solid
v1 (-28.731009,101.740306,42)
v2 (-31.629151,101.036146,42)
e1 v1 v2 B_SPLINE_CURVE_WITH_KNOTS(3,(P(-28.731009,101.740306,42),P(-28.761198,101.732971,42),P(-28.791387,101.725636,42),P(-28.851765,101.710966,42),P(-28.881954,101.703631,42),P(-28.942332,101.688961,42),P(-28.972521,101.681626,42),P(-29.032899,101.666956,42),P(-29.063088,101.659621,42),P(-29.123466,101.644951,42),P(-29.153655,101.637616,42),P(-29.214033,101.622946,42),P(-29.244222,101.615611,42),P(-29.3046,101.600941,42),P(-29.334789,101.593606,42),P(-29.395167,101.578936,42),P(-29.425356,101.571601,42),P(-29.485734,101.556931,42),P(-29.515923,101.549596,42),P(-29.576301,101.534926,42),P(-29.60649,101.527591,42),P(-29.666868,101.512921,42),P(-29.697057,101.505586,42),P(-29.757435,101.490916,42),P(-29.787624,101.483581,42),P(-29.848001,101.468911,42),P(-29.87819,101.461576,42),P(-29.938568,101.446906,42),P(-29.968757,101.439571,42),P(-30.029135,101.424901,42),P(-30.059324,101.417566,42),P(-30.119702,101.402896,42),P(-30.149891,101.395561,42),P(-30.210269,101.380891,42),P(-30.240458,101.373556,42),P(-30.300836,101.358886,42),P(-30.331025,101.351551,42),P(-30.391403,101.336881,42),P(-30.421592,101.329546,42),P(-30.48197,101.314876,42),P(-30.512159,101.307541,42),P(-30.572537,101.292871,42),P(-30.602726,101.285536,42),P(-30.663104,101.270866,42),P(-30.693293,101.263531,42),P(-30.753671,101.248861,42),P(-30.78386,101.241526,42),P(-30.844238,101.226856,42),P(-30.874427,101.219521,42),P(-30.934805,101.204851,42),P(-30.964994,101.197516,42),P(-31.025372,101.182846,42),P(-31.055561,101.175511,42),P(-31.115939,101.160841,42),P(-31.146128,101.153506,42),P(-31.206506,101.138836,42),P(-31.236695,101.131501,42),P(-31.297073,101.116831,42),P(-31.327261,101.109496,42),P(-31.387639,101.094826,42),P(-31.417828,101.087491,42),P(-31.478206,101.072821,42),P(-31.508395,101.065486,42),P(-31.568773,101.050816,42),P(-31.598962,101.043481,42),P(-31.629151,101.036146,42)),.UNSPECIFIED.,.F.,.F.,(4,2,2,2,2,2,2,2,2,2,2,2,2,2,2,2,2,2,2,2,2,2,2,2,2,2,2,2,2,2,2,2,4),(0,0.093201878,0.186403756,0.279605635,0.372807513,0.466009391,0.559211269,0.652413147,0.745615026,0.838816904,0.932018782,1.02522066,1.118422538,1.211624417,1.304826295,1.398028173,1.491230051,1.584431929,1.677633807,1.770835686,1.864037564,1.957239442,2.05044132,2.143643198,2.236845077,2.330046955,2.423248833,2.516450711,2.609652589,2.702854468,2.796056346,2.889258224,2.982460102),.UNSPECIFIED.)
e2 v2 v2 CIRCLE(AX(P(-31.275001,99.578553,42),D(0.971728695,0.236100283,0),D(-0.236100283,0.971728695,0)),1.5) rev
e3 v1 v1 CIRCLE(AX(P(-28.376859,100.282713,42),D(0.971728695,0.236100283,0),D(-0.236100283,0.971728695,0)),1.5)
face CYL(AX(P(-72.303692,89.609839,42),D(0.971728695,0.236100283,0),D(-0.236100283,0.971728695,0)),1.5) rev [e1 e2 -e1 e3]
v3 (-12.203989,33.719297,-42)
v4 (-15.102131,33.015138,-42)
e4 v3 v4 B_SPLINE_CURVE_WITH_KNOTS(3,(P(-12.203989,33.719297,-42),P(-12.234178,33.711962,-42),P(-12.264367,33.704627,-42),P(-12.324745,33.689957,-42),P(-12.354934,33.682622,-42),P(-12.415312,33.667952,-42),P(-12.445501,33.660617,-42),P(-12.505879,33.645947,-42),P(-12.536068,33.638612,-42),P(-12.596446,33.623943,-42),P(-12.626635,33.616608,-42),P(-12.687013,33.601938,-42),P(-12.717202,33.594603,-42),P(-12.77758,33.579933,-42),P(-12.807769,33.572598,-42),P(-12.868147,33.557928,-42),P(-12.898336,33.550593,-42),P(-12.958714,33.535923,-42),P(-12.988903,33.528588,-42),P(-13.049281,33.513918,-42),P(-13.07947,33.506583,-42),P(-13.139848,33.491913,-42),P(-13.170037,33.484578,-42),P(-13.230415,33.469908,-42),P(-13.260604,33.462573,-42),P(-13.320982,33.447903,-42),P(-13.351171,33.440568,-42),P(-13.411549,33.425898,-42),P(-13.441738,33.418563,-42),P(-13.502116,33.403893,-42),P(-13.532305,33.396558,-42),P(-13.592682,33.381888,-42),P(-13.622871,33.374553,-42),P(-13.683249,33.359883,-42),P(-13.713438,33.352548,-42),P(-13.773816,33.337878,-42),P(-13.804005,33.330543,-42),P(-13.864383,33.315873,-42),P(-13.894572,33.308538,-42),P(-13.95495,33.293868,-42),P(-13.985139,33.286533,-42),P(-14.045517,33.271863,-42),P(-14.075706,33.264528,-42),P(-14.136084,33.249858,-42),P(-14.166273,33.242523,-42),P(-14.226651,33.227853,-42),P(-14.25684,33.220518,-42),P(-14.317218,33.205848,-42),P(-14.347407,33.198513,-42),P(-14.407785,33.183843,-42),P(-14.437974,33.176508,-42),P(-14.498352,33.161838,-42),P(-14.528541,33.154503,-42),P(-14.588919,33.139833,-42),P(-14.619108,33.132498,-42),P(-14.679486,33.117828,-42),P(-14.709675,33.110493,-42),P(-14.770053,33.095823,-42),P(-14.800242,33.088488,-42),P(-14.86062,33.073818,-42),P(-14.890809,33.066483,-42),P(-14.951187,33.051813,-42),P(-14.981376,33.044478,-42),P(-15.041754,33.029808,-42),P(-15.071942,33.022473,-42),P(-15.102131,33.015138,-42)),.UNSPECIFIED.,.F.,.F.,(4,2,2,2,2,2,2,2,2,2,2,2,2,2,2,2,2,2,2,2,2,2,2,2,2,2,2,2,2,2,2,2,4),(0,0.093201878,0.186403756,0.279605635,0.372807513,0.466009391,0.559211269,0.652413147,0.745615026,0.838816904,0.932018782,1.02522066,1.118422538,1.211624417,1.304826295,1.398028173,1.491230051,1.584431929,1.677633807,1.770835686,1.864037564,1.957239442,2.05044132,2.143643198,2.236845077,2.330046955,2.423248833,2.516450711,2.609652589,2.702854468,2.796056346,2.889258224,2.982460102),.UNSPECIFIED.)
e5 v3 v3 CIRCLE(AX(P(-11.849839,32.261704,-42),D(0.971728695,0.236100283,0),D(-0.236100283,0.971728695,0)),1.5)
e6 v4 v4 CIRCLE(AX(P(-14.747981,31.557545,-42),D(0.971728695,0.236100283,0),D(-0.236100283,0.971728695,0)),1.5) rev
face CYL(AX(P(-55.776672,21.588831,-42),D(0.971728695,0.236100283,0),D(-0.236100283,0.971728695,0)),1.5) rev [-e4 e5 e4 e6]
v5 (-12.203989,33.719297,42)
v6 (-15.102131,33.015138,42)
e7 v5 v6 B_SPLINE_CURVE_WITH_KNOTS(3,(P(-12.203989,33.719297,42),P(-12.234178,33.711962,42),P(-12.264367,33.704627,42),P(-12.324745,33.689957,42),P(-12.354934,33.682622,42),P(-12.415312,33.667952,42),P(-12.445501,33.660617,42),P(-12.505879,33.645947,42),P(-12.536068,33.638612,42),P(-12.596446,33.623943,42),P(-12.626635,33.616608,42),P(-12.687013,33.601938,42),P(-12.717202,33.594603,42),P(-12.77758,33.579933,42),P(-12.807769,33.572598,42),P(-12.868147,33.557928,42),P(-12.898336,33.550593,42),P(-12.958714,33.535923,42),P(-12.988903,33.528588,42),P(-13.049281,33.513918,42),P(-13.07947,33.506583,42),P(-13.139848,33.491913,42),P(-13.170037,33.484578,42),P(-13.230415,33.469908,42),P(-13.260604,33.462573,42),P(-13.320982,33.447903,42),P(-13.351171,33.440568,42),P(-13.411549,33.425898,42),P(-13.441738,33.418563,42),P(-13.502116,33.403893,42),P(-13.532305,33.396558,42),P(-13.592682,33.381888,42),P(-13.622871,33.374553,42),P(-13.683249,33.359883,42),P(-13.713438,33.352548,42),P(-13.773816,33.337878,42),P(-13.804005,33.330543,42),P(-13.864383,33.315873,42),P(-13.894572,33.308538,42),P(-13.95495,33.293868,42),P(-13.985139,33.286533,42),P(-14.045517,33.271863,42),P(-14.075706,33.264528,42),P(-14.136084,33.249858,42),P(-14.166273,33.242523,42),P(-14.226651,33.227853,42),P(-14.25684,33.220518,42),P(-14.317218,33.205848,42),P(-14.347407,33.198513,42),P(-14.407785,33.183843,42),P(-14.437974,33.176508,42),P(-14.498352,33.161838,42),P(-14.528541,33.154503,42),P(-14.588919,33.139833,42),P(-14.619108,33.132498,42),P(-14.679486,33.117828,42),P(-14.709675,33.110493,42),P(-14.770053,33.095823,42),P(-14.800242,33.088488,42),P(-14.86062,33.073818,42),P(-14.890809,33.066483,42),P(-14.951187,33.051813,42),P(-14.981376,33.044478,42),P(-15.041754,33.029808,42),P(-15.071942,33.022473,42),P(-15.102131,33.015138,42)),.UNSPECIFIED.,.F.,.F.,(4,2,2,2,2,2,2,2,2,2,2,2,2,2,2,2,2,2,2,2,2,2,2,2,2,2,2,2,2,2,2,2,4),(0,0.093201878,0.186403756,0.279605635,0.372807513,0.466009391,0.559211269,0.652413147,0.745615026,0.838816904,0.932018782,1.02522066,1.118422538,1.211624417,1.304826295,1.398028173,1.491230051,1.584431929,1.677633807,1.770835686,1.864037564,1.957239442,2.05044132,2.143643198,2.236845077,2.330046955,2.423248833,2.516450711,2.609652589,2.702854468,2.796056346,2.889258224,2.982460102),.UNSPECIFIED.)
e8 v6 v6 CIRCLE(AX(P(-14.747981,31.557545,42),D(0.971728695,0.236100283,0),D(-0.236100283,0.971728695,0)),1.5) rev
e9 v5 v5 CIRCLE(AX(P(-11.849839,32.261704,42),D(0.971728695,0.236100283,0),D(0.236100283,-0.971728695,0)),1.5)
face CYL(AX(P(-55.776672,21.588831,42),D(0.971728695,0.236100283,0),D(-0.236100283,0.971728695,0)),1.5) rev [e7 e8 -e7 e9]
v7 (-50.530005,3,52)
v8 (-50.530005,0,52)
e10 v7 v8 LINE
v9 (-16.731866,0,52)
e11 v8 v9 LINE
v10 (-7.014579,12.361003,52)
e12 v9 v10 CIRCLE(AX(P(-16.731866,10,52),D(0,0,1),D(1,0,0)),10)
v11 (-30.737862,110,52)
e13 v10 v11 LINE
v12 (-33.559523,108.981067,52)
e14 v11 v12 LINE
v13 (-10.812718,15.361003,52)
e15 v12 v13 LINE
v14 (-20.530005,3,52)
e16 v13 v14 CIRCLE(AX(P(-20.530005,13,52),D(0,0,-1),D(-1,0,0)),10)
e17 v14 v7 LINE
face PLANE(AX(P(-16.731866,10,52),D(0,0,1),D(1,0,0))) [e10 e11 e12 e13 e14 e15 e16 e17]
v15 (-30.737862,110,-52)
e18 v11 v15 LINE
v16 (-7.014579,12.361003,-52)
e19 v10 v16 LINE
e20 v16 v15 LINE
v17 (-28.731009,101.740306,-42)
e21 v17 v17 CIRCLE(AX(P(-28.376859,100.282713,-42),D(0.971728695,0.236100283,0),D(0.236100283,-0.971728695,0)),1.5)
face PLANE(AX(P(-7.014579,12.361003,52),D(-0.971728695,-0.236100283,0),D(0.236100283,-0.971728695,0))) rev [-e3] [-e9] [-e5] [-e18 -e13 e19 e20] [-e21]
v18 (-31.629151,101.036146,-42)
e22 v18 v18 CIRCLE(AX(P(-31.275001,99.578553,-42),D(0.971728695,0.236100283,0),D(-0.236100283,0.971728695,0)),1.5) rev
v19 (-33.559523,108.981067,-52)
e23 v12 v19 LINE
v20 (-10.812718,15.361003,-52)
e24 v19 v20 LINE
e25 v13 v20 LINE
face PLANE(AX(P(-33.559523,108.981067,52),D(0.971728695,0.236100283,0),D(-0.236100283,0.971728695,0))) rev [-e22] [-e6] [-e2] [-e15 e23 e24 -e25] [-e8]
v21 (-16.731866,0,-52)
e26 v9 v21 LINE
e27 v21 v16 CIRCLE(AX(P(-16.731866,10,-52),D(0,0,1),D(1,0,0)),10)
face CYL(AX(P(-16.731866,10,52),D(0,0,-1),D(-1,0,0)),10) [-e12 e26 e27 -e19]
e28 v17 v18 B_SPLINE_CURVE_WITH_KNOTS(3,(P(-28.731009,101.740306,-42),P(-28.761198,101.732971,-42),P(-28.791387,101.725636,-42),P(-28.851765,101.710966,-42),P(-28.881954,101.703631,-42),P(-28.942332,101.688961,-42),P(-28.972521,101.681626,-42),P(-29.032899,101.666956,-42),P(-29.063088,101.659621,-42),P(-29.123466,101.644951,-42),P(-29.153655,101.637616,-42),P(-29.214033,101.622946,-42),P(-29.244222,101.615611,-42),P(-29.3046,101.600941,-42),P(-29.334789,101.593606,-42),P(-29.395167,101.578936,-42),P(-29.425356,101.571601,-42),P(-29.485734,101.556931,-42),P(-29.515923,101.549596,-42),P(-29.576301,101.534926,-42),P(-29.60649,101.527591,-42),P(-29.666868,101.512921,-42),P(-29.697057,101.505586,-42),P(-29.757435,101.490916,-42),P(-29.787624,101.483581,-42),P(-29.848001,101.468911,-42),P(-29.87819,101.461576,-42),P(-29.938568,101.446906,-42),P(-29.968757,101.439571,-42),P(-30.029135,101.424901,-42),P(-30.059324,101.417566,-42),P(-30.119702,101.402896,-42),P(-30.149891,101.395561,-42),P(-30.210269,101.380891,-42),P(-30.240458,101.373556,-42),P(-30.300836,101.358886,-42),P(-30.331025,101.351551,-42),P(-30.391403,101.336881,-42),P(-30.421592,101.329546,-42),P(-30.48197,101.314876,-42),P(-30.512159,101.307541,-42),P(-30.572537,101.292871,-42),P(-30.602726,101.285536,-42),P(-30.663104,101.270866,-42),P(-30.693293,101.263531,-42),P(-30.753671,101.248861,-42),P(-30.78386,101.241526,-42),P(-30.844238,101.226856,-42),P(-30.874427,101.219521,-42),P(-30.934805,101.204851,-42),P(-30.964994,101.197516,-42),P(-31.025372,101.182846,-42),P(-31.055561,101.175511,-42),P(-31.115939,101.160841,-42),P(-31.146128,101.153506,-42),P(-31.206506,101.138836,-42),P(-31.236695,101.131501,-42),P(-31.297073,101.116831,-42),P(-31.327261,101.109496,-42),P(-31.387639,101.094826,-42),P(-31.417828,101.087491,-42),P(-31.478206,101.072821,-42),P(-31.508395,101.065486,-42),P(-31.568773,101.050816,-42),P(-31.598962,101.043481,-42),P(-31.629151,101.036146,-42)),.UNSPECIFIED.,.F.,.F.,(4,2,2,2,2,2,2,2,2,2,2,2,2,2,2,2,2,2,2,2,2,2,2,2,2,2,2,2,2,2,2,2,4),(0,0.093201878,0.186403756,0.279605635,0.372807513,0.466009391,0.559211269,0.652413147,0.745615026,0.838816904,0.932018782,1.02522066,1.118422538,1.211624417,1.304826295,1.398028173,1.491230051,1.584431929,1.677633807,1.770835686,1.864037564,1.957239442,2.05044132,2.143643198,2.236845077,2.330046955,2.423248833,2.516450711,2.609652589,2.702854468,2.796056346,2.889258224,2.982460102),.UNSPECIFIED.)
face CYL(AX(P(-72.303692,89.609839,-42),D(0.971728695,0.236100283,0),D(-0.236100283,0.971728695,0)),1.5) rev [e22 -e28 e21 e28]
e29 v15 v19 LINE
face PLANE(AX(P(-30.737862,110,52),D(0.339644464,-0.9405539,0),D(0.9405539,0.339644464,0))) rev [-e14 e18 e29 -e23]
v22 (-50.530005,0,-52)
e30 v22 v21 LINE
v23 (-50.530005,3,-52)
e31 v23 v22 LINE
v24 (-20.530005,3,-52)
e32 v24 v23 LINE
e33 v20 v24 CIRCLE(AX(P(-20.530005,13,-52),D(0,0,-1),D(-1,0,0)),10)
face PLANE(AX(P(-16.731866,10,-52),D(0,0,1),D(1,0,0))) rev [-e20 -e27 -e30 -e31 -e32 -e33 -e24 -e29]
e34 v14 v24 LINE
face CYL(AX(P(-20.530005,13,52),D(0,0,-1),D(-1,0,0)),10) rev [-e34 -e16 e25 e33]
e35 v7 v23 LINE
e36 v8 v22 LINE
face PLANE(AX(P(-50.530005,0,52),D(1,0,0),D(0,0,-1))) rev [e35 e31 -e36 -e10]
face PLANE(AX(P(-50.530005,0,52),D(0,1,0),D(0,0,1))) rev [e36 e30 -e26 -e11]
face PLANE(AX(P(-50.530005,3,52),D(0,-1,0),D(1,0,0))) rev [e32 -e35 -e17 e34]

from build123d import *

# Parameters (mm, degrees)
BOSS_EXTRUDE1_DEPTH = 52
CUT_EXTRUDE_1_REACH = 133.119
SKETCH_2_R          = 1.5


with BuildPart() as part:
    # Sketch1 → Boss-Extrude1 (new, symmetric)
    with BuildSketch(Plane.XY):
        with BuildLine():
            Line((-50.530004832, 0), (-50.530004832, 3))
            Line((-50.530004832, 3), (-20.530004832, 3))
            ThreePointArc((-20.530004832, 3), (-12.668388321, 6.819790793), (-10.812717884, 15.361002831))
            Line((-10.812717884, 15.361002831), (-33.559523327, 108.981066609))
            Line((-33.559523327, 108.981066609), (-30.737861628, 110))
            Line((-30.737861628, 110), (-7.014578577, 12.361002831))
            ThreePointArc((-7.014578577, 12.361002831), (-8.870249014, 3.819790793), (-16.731865525, 0))
            Line((-16.731865525, 0), (-50.530004832, 0))
        make_face()
    extrude(amount=BOSS_EXTRUDE1_DEPTH, both=True)

    # Эскиз2 → Вырез-Вытянуть1 (cut, up to next)
    with BuildSketch(Plane(origin=(-3.787634246, -0.920279007, 0), x_dir=(0, 0, -1), z_dir=(0.9717286948053453, 0.2361002831254127, 0)), mode=Mode.PRIVATE) as cut_extrude_1_sk1:
        with Locations(Location((-42, 104.147374262, 0), (0, 0, 90))):
            Circle(SKETCH_2_R)
    cut_extrude_1_tool1 = extrude(cut_extrude_1_sk1.sketch, amount=-CUT_EXTRUDE_1_REACH, mode=Mode.PRIVATE) & part.part
    # Эскиз2 → Вырез-Вытянуть1 (cut, up to next)
    with BuildSketch(Plane(origin=(-3.787634246, -0.920279007, 0), x_dir=(0, 0, -1), z_dir=(0.9717286948053453, 0.2361002831254127, 0)), mode=Mode.PRIVATE) as cut_extrude_1_sk2:
        with Locations(Location((42, 104.147374262, 0), (0, 0, 90))):
            Circle(SKETCH_2_R)
    cut_extrude_1_tool2 = extrude(cut_extrude_1_sk2.sketch, amount=-CUT_EXTRUDE_1_REACH, mode=Mode.PRIVATE) & part.part
    # Эскиз2 → Вырез-Вытянуть1 (cut, up to next)
    with BuildSketch(Plane(origin=(-3.787634246, -0.920279007, 0), x_dir=(0, 0, -1), z_dir=(0.9717286948053453, 0.2361002831254127, 0)), mode=Mode.PRIVATE) as cut_extrude_1_sk3:
        with Locations(Location((42, 34.147374262, 0), (0, 0, 90))):
            Circle(SKETCH_2_R)
    cut_extrude_1_tool3 = extrude(cut_extrude_1_sk3.sketch, amount=-CUT_EXTRUDE_1_REACH, mode=Mode.PRIVATE) & part.part
    # Эскиз2 → Вырез-Вытянуть1 (cut, up to next)
    with BuildSketch(Plane(origin=(-3.787634246, -0.920279007, 0), x_dir=(0, 0, -1), z_dir=(0.9717286948053453, 0.2361002831254127, 0)), mode=Mode.PRIVATE) as cut_extrude_1_sk4:
        with Locations(Location((-42, 34.147374262, 0), (0, 0, 90))):
            Circle(SKETCH_2_R)
    cut_extrude_1_tool4 = extrude(cut_extrude_1_sk4.sketch, amount=-CUT_EXTRUDE_1_REACH, mode=Mode.PRIVATE) & part.part
    add(cut_extrude_1_tool1.solids().sort_by_distance((-28.376859, 100.282713, 42))[0], mode=Mode.SUBTRACT)
    add(cut_extrude_1_tool2.solids().sort_by_distance((-28.376859, 100.282713, -42))[0], mode=Mode.SUBTRACT)
    add(cut_extrude_1_tool3.solids().sort_by_distance((-11.849839, 32.261704, -42))[0], mode=Mode.SUBTRACT)
    add(cut_extrude_1_tool4.solids().sort_by_distance((-11.849839, 32.261704, 42))[0], mode=Mode.SUBTRACT)


solid = part.part
